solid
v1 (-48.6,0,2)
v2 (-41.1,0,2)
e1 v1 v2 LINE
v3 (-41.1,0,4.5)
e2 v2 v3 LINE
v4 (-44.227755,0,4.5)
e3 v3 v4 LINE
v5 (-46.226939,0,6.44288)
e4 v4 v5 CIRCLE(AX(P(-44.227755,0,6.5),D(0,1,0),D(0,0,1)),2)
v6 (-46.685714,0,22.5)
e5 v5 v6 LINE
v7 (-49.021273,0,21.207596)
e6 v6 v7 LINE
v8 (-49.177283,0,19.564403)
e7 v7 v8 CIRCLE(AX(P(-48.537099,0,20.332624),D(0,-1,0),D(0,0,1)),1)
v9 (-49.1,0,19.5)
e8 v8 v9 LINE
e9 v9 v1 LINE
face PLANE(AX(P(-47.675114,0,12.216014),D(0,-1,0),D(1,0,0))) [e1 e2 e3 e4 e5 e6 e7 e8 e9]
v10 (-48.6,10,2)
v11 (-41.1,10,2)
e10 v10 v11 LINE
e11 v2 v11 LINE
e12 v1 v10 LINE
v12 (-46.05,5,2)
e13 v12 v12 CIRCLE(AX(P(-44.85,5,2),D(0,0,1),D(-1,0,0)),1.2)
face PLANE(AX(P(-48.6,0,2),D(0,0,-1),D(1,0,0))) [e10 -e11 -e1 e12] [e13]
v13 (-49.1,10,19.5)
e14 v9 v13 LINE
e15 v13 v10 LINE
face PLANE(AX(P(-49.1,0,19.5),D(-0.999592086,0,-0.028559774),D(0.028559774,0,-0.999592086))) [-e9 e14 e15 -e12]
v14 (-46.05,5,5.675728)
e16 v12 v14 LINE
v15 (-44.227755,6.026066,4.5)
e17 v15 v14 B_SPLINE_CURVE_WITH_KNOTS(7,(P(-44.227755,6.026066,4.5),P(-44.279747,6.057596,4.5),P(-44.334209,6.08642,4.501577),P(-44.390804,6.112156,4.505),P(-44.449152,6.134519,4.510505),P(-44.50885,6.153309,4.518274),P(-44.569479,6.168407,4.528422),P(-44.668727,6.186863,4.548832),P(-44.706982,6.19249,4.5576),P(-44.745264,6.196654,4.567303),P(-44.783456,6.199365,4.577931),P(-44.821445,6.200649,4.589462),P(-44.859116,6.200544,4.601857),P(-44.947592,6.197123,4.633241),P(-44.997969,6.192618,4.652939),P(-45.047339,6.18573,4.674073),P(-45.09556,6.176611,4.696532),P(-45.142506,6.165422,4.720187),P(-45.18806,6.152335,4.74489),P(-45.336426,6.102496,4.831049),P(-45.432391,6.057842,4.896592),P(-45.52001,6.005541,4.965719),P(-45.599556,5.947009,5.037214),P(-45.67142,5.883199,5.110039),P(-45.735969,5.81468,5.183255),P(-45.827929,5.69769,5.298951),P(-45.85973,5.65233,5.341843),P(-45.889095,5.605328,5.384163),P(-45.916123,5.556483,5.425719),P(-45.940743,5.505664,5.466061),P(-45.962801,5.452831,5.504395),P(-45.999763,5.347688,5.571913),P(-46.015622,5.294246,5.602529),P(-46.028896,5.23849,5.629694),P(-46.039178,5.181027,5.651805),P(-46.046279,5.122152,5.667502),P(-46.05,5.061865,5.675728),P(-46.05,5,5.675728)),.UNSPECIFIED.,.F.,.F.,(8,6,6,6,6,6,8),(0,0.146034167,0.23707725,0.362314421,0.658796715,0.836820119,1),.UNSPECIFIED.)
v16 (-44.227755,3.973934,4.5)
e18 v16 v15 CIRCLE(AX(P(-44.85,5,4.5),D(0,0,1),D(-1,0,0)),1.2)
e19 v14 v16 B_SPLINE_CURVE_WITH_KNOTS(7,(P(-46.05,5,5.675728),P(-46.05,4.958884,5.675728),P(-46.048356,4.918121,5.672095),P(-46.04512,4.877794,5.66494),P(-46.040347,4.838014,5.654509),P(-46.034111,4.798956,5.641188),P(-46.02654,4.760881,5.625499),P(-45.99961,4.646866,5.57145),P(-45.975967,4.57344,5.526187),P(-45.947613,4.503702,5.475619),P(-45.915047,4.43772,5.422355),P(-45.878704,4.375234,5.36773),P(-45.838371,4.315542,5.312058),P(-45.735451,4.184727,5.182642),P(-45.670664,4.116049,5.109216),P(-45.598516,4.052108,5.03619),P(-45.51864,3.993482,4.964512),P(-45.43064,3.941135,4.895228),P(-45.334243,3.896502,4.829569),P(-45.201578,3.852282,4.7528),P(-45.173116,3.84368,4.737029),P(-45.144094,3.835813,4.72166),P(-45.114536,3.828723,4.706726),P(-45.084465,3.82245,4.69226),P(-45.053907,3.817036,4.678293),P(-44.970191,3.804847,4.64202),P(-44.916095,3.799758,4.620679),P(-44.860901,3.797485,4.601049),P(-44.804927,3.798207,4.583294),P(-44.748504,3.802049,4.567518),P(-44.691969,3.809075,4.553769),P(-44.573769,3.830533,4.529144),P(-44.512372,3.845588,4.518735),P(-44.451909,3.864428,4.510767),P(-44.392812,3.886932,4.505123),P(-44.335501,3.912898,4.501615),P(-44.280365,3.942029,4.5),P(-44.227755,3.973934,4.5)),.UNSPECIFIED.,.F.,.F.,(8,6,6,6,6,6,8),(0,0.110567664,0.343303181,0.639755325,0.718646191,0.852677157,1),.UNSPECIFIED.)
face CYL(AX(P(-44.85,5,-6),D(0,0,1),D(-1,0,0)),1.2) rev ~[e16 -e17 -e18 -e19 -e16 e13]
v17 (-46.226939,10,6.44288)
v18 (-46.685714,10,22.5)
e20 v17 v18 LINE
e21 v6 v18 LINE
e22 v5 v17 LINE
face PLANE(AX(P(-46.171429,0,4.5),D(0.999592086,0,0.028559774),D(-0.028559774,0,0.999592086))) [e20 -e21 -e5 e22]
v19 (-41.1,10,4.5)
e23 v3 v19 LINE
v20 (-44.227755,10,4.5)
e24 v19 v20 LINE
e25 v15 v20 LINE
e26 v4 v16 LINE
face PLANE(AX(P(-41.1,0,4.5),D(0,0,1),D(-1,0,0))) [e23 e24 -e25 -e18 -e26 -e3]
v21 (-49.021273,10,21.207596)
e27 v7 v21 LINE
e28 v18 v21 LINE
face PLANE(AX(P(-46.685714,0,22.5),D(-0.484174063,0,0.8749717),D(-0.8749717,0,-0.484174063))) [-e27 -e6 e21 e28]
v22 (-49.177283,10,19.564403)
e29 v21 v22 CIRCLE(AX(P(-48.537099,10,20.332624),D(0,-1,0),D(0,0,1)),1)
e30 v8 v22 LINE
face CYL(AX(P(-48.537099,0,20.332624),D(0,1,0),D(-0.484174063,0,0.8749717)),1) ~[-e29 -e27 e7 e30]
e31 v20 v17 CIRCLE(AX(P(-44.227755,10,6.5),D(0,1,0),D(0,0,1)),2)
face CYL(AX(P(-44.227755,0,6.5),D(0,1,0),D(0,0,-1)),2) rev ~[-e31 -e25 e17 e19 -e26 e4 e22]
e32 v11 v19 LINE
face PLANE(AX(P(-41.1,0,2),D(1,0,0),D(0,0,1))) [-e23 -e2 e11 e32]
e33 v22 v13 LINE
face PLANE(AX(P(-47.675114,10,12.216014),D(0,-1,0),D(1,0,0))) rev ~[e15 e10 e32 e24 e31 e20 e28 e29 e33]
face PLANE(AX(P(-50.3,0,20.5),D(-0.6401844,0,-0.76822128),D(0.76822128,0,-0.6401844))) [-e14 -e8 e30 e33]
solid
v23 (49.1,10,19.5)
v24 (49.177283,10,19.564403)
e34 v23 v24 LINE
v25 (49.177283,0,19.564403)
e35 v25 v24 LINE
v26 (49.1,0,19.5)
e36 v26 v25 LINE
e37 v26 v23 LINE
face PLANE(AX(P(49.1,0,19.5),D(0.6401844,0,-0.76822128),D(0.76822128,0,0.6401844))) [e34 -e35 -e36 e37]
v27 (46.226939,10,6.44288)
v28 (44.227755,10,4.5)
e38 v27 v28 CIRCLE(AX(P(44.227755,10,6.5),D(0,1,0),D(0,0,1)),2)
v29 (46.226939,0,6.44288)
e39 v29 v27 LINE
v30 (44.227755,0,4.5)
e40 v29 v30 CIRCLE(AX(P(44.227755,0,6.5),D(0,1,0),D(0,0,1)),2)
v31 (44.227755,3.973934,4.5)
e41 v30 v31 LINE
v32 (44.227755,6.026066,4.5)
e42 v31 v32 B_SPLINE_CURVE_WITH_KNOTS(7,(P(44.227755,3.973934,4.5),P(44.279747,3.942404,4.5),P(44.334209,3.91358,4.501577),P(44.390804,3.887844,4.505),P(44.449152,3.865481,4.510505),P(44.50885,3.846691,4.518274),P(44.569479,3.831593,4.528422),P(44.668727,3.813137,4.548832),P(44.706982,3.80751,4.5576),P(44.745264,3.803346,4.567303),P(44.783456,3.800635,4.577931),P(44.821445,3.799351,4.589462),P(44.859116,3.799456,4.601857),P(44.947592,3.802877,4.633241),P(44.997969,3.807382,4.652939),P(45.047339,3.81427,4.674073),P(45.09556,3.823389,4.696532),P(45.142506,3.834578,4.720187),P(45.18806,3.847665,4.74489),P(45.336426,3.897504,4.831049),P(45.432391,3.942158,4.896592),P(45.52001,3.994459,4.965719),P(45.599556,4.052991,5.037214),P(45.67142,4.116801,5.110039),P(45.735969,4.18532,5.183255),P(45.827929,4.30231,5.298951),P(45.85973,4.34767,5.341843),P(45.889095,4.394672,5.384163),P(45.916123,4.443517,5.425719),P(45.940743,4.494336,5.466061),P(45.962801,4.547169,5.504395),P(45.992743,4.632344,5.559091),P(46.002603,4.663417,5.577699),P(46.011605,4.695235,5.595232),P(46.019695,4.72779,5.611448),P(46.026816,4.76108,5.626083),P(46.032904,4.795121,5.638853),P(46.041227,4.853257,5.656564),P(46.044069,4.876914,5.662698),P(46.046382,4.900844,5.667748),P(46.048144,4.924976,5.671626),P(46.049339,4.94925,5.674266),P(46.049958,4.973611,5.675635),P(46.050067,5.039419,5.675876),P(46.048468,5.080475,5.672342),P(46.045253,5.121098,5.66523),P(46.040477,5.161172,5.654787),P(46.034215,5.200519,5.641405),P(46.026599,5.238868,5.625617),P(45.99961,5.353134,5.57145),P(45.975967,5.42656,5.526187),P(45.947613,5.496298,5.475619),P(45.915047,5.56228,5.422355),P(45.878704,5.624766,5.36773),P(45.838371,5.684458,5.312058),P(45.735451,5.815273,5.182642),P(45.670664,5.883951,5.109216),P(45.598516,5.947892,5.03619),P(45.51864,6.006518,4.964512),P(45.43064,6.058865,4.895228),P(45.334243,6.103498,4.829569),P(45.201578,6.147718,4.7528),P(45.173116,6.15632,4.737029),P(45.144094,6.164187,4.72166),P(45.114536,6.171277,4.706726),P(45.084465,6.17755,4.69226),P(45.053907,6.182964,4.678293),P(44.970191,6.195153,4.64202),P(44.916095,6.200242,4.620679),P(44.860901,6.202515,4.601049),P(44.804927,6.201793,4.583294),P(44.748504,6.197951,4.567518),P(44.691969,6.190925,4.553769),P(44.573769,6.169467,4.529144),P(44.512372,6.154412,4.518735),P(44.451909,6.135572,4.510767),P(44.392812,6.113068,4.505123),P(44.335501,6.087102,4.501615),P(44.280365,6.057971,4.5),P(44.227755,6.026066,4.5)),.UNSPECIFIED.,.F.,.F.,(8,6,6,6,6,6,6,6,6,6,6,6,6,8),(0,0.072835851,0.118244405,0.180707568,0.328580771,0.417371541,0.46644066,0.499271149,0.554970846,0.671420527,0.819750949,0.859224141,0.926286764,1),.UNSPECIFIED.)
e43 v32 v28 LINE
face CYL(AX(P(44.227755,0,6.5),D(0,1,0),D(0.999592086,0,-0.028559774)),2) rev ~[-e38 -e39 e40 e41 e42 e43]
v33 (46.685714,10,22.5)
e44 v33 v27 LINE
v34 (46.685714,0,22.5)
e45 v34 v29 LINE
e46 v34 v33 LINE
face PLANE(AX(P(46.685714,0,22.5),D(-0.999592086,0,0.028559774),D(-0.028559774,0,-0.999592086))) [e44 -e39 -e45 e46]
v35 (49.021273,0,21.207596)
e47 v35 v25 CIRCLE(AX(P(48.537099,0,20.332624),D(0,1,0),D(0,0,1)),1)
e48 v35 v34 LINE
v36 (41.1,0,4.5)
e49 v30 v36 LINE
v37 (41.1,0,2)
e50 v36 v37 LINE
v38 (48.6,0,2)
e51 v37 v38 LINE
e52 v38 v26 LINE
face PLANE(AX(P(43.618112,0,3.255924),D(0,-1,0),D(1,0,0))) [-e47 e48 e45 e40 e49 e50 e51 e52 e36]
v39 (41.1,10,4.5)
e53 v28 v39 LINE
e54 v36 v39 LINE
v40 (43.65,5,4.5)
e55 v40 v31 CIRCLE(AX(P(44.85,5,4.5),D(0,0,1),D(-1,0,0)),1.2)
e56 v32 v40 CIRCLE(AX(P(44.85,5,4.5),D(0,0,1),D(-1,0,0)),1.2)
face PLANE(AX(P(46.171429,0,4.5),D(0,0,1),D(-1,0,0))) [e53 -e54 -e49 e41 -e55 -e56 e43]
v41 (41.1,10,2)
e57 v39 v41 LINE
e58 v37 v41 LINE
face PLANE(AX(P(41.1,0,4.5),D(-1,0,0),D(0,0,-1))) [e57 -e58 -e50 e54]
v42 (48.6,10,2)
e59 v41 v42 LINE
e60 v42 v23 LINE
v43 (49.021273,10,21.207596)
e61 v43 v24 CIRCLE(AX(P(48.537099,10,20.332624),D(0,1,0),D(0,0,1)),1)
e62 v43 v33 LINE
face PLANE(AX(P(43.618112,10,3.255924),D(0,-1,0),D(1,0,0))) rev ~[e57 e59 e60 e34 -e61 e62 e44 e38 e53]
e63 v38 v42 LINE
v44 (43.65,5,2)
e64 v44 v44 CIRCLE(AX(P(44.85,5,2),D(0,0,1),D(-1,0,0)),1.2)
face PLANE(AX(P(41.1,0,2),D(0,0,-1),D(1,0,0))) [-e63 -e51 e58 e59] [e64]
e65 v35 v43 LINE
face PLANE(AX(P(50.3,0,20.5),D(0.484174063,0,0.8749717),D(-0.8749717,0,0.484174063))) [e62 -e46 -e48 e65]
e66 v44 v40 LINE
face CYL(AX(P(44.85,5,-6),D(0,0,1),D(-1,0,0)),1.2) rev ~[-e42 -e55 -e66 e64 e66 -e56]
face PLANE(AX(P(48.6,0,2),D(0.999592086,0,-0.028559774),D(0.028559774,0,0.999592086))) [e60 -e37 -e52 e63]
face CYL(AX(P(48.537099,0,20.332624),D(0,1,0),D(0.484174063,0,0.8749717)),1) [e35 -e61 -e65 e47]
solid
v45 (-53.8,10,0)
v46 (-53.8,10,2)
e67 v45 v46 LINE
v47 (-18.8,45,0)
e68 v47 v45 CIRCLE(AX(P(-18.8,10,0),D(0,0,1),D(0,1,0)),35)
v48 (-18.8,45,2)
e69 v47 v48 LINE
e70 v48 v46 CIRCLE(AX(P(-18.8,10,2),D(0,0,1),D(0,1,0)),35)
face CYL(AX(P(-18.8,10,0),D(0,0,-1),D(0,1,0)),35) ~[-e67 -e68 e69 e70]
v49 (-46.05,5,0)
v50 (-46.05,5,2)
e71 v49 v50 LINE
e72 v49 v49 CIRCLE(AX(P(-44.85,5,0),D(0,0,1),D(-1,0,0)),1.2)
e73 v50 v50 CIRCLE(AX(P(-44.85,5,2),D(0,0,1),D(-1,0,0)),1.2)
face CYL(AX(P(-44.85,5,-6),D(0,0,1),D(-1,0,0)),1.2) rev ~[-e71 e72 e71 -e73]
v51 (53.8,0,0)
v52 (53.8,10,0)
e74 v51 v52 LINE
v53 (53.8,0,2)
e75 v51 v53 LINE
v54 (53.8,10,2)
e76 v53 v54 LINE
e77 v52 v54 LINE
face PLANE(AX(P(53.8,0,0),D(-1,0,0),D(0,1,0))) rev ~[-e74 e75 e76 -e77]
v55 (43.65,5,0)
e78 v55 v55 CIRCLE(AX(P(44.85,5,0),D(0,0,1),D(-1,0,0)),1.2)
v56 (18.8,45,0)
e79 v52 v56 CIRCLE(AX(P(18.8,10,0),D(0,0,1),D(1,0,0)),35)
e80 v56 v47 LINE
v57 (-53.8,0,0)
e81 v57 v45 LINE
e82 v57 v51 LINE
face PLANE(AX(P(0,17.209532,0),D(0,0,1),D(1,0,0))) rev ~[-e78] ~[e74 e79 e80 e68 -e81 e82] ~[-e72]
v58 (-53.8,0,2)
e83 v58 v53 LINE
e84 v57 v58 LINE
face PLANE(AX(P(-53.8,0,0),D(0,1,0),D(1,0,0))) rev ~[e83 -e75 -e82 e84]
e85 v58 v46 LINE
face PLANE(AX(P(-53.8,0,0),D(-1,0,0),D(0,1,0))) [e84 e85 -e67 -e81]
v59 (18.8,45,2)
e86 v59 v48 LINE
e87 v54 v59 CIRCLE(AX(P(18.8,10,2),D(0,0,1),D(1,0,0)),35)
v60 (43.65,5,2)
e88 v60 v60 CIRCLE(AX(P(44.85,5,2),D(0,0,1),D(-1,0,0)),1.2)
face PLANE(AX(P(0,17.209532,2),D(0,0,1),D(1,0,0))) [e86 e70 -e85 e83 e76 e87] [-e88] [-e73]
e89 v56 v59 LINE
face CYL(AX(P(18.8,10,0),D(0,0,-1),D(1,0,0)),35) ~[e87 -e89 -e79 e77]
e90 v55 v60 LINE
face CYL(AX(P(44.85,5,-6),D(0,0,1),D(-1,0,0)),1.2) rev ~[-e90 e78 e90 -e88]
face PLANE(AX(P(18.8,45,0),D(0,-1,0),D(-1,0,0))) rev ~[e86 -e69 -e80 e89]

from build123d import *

# Parameters (mm, degrees)
F0_W       = 5
F0_H       = 10
F1_DEPTH   = 2
F3_DEPTH   = 10
F4_R       = 2
F4_2_R     = 2
F5_R       = 1
F5_2_R     = 1
F7_D       = 2.4
F7_DEPTH   = 6
F7_TIP     = 0.7210327428
F7_2_D     = 2.4
F7_2_DEPTH = 6
F7_2_TIP   = 0.7210327428
F7_3_D     = 2.4
F7_3_DEPTH = 6
F7_3_TIP   = 0.7210327428


with BuildPart() as f1:
    # F0 (on Top) → F1 (new body)
    with BuildSketch(Plane.XY):
        with BuildLine():
            Line((18.8, 40), (-18.8, 40))
            ThreePointArc((-18.8, 40), (-40.0132034356, 31.2132034356), (-48.8, 10))
            Line((-48.8, 10), (-48.8, 0))
            Line((-48.8, 0), (48.8, 0))
            Line((48.8, 0), (48.8, 10))
            ThreePointArc((48.8, 10), (40.0132034356, 31.2132034356), (18.8, 40))
        make_face()
        with BuildLine():
            ThreePointArc((-48.8, 10), (-40.0132034356, 31.2132034356), (-18.8, 40))
            Line((-18.8, 40), (18.8, 40))
            ThreePointArc((18.8, 40), (40.0132034356, 31.2132034356), (48.8, 10))
            Line((48.8, 10), (53.8, 10))
            ThreePointArc((53.8, 10), (43.5487373415, 34.7487373415), (18.8, 45))
            Line((18.8, 45), (-18.8, 45))
            ThreePointArc((-18.8, 45), (-43.5487373415, 34.7487373415), (-53.8, 10))
            Line((-53.8, 10), (-48.8, 10))
        make_face()
        with Locations((51.3, 5)):
            Rectangle(F0_W, F0_H)
        with Locations((-51.3, 5)):
            Rectangle(F0_W, F0_H)
    extrude(amount=F1_DEPTH)

    # F7
    with Locations(Plane(origin=(0, 0, 0), x_dir=(1, 0, 0), z_dir=(0, 0, -1))):
        with Locations((44.85, -5), (-44.85, -5)):
            Hole(F7_D / 2, depth=F7_DEPTH)
            with Locations((0, 0, -(F7_DEPTH + F7_TIP / 2))):  # 118° drill point
                Cone(0, F7_D / 2, F7_TIP, mode=Mode.SUBTRACT)


with BuildPart() as f3:
    # F2 (on face) → F3 (new body)
    with BuildSketch(Plane.XZ):
        Polygon((-48.6, 2), (-46.1, 2), (-46.1714285714, 4.5), (-46.6857142857, 22.5), (-50.3, 20.5), (-49.1, 19.5), align=None)
        Polygon((-46.1, 2), (-41.1, 2), (-41.1, 4.5), (-46.1714285714, 4.5), align=None)
    extrude(amount=-F3_DEPTH)

    # F4#2
    f4_2_edges = [f3.edges().sort_by_distance(p)[0] for p in [
        (-46.171429, 5, 4.5),
    ]]
    fillet(f4_2_edges, radius=F4_2_R)

    # F5#2
    f5_2_edges = [f3.edges().sort_by_distance(p)[0] for p in [
        (-50.3, 5, 20.5),
    ]]
    fillet(f5_2_edges, radius=F5_2_R)

    # F7#2
    with Locations(Plane(origin=(0, 0, 0), x_dir=(1, 0, 0), z_dir=(0, 0, -1))):
        with Locations((44.85, -5), (-44.85, -5)):
            Hole(F7_2_D / 2, depth=F7_2_DEPTH)
            with Locations((0, 0, -(F7_2_DEPTH + F7_2_TIP / 2))):  # 118° drill point
                Cone(0, F7_2_D / 2, F7_2_TIP, mode=Mode.SUBTRACT)


with BuildPart() as f3b:
    # F2 (on face) → F3, piece 2 (new body)
    with BuildSketch(Plane.XZ):
        Polygon((41.1, 4.5), (41.1, 2), (46.1, 2), (46.1714285714, 4.5), align=None)
        Polygon((46.1714285714, 4.5), (46.1, 2), (48.6, 2), (49.1, 19.5), (50.3, 20.5), (46.6857142857, 22.5), align=None)
    extrude(amount=-F3_DEPTH)

    # F4
    f4_edges = [f3b.edges().sort_by_distance(p)[0] for p in [
        (46.171429, 5, 4.5),
    ]]
    fillet(f4_edges, radius=F4_R)

    # F5
    f5_edges = [f3b.edges().sort_by_distance(p)[0] for p in [
        (50.3, 5, 20.5),
    ]]
    fillet(f5_edges, radius=F5_R)

    # F7#3
    with Locations(Plane(origin=(0, 0, 0), x_dir=(1, 0, 0), z_dir=(0, 0, -1))):
        with Locations((44.85, -5), (-44.85, -5)):
            Hole(F7_3_D / 2, depth=F7_3_DEPTH)
            with Locations((0, 0, -(F7_3_DEPTH + F7_3_TIP / 2))):  # 118° drill point
                Cone(0, F7_3_D / 2, F7_3_TIP, mode=Mode.SUBTRACT)


solid = Compound([f1.part, f3.part, f3b.part])
